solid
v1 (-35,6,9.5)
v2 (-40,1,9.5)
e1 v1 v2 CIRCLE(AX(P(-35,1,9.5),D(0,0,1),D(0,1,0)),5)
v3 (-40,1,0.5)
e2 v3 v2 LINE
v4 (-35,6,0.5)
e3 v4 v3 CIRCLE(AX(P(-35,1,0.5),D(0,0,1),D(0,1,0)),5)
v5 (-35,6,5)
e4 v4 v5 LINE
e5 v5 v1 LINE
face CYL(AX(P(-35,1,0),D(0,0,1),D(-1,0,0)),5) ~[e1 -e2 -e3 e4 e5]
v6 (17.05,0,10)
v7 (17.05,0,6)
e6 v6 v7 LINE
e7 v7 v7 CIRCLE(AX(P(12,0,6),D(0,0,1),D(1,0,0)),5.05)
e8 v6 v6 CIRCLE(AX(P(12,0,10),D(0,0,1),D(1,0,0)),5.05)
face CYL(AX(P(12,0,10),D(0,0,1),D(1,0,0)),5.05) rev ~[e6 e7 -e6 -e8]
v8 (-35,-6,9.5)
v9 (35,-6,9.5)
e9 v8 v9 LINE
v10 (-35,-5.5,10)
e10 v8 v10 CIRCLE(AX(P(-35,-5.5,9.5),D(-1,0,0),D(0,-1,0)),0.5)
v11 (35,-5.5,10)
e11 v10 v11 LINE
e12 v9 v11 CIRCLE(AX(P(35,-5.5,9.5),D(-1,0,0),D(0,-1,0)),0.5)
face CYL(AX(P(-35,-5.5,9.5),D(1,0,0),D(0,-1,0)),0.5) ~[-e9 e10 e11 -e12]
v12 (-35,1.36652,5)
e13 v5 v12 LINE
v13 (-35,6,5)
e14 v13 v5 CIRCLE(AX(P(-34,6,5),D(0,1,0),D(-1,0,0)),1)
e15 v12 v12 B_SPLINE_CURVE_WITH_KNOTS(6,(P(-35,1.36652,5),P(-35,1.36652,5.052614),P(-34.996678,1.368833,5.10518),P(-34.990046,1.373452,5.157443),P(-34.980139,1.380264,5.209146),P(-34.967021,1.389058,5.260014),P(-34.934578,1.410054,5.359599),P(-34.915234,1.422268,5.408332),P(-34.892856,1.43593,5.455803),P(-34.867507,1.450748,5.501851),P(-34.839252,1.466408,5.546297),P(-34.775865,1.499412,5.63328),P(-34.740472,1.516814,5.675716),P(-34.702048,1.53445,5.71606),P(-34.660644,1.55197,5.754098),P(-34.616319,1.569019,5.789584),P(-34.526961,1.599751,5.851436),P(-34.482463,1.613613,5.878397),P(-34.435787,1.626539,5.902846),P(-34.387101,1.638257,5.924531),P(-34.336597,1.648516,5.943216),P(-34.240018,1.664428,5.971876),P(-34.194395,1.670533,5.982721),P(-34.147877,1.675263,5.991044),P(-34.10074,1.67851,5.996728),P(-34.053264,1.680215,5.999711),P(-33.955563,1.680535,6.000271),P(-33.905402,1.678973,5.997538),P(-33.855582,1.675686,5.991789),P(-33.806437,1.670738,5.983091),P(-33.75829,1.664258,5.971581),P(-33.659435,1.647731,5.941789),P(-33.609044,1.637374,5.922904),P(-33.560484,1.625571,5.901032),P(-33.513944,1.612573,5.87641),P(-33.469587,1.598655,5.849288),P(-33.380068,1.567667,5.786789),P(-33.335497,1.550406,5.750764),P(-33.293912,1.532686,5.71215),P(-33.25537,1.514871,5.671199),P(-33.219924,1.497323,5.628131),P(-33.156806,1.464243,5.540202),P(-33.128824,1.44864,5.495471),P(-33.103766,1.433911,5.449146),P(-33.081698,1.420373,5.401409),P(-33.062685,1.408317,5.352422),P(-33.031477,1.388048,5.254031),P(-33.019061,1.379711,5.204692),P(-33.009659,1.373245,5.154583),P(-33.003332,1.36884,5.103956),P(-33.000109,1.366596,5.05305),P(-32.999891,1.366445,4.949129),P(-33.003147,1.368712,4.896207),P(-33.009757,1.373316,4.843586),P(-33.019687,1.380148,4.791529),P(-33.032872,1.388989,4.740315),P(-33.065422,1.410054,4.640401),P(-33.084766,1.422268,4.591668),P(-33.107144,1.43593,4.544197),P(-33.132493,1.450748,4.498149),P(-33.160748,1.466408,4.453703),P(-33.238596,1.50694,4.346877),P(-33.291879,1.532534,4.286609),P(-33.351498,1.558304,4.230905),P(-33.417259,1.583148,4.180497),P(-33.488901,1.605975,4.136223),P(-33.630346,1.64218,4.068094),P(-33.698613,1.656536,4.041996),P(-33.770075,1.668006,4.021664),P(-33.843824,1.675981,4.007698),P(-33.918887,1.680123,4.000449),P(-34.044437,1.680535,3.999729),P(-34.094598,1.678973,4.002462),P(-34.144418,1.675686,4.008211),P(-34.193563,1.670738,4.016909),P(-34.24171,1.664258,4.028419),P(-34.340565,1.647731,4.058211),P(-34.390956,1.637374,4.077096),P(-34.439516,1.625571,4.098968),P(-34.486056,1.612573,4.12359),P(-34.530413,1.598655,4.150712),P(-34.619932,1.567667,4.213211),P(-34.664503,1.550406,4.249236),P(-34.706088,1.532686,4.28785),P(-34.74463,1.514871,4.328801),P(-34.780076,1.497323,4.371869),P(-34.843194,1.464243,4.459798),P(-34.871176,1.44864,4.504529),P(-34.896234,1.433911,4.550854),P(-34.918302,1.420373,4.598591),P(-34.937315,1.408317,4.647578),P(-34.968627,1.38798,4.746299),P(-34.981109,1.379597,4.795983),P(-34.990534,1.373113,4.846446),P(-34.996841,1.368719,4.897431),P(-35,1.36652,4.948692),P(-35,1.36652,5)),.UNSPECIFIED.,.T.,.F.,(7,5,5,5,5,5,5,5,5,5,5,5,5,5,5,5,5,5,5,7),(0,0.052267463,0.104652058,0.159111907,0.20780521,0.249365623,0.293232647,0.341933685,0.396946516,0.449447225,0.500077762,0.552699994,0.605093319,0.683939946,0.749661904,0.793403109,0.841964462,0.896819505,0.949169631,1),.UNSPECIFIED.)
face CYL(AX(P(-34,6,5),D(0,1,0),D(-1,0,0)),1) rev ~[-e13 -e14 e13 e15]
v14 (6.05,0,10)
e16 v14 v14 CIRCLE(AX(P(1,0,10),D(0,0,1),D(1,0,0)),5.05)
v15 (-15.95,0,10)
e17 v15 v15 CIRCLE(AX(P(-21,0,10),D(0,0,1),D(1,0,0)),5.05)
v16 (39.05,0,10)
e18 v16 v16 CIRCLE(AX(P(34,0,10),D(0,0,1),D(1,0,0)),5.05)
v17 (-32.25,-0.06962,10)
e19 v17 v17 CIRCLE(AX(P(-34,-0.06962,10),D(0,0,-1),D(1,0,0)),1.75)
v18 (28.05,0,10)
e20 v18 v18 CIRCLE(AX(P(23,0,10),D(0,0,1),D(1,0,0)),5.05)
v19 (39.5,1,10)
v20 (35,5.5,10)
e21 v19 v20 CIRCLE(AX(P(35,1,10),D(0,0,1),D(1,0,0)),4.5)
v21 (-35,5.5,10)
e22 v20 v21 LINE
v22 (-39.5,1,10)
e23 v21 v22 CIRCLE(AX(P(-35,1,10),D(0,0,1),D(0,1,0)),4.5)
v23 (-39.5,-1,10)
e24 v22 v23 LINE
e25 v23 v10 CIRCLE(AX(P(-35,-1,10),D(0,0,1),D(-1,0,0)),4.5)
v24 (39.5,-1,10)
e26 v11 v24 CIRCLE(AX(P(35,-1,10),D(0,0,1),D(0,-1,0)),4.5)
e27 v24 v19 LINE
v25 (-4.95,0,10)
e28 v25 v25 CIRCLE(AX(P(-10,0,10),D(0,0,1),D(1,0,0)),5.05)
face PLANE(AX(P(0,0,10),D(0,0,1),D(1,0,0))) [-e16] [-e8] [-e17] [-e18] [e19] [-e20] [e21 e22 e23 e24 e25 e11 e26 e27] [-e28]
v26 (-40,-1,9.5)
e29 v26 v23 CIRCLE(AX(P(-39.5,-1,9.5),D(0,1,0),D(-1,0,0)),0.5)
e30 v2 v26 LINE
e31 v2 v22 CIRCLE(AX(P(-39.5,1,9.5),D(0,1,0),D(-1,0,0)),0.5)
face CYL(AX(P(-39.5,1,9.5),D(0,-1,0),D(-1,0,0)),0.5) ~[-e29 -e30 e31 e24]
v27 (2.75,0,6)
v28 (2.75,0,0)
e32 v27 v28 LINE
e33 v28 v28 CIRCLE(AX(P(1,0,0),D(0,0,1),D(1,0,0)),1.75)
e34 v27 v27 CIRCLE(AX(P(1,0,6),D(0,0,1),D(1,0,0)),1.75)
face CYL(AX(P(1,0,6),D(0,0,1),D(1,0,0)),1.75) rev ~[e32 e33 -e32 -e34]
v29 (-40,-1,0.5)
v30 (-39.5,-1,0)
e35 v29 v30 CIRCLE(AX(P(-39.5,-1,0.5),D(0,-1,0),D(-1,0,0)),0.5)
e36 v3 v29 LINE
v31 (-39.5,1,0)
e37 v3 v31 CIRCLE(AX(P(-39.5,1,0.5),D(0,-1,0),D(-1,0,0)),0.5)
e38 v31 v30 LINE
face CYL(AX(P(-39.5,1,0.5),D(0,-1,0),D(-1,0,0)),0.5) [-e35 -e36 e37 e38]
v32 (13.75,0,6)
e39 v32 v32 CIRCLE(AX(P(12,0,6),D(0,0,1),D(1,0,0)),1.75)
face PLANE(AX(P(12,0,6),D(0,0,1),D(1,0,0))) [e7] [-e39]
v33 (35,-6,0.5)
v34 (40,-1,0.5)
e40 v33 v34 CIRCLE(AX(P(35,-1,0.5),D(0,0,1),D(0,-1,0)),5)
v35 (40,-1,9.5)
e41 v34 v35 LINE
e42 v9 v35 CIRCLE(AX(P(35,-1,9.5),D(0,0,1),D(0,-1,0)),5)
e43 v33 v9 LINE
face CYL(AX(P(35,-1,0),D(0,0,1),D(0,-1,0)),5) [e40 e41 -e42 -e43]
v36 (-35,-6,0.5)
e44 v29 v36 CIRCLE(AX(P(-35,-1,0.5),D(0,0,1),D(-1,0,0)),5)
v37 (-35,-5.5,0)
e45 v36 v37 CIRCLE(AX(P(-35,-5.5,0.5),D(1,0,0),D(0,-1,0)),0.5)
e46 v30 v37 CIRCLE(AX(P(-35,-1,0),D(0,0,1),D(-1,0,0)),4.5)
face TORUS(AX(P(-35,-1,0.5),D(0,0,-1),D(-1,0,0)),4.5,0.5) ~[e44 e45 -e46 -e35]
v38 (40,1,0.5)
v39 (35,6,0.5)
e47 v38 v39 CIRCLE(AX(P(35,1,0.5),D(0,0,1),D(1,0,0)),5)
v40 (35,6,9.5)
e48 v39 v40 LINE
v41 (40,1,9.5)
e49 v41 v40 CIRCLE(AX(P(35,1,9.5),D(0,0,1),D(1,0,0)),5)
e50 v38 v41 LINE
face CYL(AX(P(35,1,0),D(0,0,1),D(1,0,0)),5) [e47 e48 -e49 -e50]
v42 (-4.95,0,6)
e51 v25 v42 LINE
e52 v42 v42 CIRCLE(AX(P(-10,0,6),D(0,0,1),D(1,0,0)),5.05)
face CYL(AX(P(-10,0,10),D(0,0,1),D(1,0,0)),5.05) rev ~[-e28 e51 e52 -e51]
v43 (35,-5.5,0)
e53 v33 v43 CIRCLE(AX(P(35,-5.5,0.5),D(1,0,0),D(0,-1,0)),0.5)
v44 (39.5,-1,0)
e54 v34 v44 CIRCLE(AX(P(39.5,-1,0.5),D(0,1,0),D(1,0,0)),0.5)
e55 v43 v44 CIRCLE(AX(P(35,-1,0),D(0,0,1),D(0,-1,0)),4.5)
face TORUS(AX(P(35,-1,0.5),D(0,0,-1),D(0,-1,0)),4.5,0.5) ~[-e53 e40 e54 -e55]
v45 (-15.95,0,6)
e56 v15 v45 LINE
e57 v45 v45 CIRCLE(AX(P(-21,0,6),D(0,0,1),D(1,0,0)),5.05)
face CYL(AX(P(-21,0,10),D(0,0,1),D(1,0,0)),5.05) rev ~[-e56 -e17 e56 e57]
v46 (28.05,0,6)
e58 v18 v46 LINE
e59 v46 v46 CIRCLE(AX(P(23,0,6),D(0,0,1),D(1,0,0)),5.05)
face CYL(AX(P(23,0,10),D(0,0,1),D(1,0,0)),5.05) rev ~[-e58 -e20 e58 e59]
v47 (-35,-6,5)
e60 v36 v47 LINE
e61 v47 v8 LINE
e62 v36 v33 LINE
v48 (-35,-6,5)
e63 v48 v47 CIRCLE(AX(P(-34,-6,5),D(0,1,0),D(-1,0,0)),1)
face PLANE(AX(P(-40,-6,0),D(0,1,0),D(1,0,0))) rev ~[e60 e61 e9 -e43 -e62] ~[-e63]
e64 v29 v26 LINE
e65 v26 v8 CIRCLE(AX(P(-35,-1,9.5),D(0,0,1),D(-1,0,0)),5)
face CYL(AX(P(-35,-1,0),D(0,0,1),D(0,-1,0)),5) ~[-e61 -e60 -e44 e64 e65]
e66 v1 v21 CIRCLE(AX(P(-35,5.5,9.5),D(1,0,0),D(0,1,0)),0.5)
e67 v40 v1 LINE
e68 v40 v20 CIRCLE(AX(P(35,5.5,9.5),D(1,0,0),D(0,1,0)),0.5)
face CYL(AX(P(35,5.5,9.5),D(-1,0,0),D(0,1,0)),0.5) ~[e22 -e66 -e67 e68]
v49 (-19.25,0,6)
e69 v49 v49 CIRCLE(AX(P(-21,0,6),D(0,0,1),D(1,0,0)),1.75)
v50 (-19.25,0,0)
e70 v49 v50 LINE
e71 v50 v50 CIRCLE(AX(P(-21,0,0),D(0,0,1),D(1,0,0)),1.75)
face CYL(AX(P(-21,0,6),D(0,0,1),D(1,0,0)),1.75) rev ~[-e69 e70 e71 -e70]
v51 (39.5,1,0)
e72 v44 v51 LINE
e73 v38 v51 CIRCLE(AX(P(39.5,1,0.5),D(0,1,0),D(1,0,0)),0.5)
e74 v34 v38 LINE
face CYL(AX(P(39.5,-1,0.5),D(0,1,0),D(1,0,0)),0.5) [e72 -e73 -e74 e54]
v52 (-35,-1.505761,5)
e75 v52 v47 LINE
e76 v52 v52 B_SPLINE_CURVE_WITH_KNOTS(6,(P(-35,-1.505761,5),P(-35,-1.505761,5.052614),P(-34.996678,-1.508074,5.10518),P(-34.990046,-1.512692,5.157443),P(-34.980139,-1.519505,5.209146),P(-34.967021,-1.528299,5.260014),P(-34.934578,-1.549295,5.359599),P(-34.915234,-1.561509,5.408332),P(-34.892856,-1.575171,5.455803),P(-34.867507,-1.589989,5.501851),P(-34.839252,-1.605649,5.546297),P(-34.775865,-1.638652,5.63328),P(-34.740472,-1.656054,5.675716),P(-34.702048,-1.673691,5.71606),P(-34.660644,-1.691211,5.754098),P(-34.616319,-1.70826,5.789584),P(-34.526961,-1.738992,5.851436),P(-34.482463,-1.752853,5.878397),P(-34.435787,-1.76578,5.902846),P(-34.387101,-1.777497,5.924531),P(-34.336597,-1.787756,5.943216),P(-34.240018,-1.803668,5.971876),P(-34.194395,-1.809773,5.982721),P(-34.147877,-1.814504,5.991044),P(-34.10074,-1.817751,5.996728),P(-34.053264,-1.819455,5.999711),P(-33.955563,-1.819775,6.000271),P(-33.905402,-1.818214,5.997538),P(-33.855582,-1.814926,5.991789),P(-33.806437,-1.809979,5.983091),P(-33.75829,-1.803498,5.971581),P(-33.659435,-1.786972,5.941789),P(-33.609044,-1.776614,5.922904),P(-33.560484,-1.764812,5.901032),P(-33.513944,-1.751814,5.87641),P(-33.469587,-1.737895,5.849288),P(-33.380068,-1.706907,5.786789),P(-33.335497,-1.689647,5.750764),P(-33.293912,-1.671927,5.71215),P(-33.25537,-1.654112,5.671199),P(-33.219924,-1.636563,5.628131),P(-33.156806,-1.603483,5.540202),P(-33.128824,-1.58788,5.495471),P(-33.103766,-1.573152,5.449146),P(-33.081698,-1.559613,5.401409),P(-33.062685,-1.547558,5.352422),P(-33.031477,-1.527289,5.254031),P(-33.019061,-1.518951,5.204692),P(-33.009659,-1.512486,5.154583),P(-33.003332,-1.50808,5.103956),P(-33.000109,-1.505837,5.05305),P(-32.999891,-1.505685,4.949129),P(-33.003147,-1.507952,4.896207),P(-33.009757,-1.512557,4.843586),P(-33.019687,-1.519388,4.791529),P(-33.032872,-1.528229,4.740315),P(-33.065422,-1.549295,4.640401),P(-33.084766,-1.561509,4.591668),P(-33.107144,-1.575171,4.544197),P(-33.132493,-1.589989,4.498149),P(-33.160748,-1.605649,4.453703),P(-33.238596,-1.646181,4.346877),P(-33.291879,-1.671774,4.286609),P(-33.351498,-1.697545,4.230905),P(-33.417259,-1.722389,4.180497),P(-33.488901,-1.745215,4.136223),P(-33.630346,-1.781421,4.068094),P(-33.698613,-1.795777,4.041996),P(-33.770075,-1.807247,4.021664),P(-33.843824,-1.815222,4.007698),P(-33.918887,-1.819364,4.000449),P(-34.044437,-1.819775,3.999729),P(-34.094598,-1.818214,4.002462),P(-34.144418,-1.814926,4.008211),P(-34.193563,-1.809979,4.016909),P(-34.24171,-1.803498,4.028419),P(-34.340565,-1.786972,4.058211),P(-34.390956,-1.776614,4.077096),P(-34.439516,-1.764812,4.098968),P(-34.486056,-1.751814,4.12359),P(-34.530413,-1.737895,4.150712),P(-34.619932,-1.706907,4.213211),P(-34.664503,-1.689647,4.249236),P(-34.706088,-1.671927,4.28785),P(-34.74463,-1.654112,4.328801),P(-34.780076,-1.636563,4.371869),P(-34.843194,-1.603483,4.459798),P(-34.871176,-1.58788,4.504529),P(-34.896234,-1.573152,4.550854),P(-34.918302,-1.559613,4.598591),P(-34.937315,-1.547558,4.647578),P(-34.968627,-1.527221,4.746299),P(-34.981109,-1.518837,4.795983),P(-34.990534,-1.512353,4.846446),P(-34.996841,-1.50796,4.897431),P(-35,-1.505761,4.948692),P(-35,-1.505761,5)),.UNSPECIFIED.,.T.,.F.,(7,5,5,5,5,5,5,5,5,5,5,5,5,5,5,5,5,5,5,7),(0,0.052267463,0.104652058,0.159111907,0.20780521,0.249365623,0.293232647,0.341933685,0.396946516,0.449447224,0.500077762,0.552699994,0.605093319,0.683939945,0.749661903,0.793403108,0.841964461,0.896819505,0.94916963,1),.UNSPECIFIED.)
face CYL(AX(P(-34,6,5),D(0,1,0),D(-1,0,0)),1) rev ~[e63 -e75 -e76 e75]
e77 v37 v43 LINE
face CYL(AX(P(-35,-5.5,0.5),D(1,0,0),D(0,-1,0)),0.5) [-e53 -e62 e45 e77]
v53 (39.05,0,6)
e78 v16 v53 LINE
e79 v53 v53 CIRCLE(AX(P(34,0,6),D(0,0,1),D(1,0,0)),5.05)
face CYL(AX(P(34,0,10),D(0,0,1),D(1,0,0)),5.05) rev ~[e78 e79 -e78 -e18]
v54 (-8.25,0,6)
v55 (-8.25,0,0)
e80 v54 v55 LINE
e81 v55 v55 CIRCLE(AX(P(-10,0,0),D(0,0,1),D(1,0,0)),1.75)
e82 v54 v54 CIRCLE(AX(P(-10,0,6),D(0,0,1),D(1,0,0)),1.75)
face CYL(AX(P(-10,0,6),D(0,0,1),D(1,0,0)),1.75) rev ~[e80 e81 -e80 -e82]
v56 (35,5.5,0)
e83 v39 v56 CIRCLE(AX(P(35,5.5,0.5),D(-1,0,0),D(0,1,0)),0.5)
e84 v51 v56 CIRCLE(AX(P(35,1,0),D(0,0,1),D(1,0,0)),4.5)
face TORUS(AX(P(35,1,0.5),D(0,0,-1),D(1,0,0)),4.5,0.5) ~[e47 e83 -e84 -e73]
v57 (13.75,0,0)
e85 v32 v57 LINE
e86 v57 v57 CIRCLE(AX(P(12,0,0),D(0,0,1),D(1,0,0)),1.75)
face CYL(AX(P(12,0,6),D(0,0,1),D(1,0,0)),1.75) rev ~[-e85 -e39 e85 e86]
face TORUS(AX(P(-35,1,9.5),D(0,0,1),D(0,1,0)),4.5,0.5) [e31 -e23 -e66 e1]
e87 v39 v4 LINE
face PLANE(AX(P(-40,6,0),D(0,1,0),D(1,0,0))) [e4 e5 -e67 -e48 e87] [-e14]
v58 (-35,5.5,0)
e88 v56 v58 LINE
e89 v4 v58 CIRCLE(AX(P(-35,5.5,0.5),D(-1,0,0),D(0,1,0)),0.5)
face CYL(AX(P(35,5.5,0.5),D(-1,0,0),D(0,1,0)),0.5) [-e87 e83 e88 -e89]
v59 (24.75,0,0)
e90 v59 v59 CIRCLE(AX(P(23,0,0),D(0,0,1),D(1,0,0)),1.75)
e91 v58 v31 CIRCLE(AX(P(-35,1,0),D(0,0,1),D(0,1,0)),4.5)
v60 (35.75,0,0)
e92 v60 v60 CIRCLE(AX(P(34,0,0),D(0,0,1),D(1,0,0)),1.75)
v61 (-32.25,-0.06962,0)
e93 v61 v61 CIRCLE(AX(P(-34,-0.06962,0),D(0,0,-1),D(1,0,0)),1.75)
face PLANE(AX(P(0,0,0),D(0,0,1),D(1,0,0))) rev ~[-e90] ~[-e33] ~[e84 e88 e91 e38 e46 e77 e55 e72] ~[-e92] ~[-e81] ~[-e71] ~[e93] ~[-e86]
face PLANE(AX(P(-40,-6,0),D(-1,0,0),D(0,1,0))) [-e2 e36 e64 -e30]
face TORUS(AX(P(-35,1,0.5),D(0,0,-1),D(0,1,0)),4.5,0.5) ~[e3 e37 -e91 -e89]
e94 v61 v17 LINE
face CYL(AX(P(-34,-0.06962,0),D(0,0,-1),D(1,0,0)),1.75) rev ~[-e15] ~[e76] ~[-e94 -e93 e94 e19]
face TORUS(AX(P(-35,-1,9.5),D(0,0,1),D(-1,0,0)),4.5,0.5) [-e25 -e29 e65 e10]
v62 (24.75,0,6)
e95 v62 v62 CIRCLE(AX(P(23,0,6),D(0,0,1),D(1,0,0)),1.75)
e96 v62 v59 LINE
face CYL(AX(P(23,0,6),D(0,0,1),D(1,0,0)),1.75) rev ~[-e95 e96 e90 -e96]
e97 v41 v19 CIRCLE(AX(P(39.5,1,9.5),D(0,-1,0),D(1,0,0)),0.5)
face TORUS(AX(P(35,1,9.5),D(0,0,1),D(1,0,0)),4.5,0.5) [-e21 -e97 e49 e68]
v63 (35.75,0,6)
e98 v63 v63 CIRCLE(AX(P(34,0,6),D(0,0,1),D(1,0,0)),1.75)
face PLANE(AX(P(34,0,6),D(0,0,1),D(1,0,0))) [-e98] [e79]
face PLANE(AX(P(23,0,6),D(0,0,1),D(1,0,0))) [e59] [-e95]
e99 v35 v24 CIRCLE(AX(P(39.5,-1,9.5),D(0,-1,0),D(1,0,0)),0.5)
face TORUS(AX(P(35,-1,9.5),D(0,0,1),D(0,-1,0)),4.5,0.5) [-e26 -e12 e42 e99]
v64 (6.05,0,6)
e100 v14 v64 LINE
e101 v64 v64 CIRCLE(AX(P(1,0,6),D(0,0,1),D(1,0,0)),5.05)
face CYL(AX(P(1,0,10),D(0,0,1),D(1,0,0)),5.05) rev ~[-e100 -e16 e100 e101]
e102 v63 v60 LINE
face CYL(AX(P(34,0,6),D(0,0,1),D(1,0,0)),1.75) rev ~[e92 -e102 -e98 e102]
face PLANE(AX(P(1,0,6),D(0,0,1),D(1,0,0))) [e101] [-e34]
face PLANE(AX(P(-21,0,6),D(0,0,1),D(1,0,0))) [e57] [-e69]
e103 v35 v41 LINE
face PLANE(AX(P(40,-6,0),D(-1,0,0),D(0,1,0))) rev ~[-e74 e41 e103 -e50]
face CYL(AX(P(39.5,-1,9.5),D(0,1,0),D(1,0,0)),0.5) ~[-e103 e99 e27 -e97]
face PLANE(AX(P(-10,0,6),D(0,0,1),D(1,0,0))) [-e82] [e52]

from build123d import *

# Parameters (mm, degrees)
F0_W      = 80
F0_H      = 12
F1_DEPTH  = 10
F2_R      = 5.05
F3_DEPTH  = 4
F4_R      = 5
F5_R      = 5
F6_R      = 1.75
F7_DEPTH  = 25
F8_R      = 0.5
F9_R      = 0.5
F10_R     = 1.75
F11_DEPTH = 25
F12_R     = 1
F13_DEPTH = 25


with BuildPart() as f1:
    # F0 (on Top) → F1 (new body)
    with BuildSketch(Plane.XY):
        Rectangle(F0_W, F0_H)
    extrude(amount=F1_DEPTH)

    # F2 (on face) → F3 (cut)
    with BuildSketch(Plane.XY.offset(10)):
        with Locations((34, 0)):
            Circle(F2_R)
        with Locations((23, 0)):
            Circle(F2_R)
        with Locations((12, 0)):
            Circle(F2_R)
        with Locations((1, 0)):
            Circle(F2_R)
        with Locations((-10, 0)):
            Circle(F2_R)
        with Locations((-21, 0)):
            Circle(F2_R)
    extrude(amount=-F3_DEPTH, mode=Mode.SUBTRACT)

    # F4
    f4_edges = [f1.edges().sort_by_distance(p)[0] for p in [
        (40, -6, 5),
    ]]
    fillet(f4_edges, radius=F4_R)

    # F5
    f5_edges = [f1.edges().sort_by_distance(p)[0] for p in [
        (40, 6, 5),
        (-40, -6, 5),
        (-40, 6, 5),
    ]]
    fillet(f5_edges, radius=F5_R)

    # F6 (on face) → F7 (cut)
    with BuildSketch(Plane.XY.offset(6)):
        with Locations((34, 0)):
            Circle(F6_R)
        with Locations((23, 0)):
            Circle(F6_R)
        with Locations((12, 0)):
            Circle(F6_R)
        with Locations((1, 0)):
            Circle(F6_R)
        with Locations((-10, 0)):
            Circle(F6_R)
        with Locations((-21, 0)):
            Circle(F6_R)
    extrude(amount=-F7_DEPTH, mode=Mode.SUBTRACT)

    # F8
    f8_edges = [f1.edges().sort_by_distance(p)[0] for p in [
        (0, -6, 10),
        (38.535534, -4.535534, 10),
        (38.535534, 4.535534, 10),
        (0, 6, 10),
        (-38.535534, -4.535534, 10),
    ]]
    fillet(f8_edges, radius=F8_R)

    # F9
    f9_edges = [f1.edges().sort_by_distance(p)[0] for p in [
        (0, -6, 0),
        (-38.535534, -4.535534, 0),
        (0, 6, 0),
        (38.535534, 4.535534, 0),
        (38.535534, -4.535534, 0),
    ]]
    fillet(f9_edges, radius=F9_R)

    # F10 (on face) → F11 (cut)
    with BuildSketch(Plane(origin=(0, 0, 0), x_dir=(1, 0, 0), z_dir=(0, 0, -1))):
        with Locations((-34, 0.0696202532)):
            Circle(F10_R)
    extrude(amount=-F11_DEPTH, mode=Mode.SUBTRACT)

    # F12 (on face) → F13 (cut)
    with BuildSketch(Plane(origin=(0, 6, 0), x_dir=(-1, 0, 0), z_dir=(0, 1, 0))):
        with Locations((34, 5)):
            Circle(F12_R)
    extrude(amount=-F13_DEPTH, mode=Mode.SUBTRACT)


solid = f1.part
